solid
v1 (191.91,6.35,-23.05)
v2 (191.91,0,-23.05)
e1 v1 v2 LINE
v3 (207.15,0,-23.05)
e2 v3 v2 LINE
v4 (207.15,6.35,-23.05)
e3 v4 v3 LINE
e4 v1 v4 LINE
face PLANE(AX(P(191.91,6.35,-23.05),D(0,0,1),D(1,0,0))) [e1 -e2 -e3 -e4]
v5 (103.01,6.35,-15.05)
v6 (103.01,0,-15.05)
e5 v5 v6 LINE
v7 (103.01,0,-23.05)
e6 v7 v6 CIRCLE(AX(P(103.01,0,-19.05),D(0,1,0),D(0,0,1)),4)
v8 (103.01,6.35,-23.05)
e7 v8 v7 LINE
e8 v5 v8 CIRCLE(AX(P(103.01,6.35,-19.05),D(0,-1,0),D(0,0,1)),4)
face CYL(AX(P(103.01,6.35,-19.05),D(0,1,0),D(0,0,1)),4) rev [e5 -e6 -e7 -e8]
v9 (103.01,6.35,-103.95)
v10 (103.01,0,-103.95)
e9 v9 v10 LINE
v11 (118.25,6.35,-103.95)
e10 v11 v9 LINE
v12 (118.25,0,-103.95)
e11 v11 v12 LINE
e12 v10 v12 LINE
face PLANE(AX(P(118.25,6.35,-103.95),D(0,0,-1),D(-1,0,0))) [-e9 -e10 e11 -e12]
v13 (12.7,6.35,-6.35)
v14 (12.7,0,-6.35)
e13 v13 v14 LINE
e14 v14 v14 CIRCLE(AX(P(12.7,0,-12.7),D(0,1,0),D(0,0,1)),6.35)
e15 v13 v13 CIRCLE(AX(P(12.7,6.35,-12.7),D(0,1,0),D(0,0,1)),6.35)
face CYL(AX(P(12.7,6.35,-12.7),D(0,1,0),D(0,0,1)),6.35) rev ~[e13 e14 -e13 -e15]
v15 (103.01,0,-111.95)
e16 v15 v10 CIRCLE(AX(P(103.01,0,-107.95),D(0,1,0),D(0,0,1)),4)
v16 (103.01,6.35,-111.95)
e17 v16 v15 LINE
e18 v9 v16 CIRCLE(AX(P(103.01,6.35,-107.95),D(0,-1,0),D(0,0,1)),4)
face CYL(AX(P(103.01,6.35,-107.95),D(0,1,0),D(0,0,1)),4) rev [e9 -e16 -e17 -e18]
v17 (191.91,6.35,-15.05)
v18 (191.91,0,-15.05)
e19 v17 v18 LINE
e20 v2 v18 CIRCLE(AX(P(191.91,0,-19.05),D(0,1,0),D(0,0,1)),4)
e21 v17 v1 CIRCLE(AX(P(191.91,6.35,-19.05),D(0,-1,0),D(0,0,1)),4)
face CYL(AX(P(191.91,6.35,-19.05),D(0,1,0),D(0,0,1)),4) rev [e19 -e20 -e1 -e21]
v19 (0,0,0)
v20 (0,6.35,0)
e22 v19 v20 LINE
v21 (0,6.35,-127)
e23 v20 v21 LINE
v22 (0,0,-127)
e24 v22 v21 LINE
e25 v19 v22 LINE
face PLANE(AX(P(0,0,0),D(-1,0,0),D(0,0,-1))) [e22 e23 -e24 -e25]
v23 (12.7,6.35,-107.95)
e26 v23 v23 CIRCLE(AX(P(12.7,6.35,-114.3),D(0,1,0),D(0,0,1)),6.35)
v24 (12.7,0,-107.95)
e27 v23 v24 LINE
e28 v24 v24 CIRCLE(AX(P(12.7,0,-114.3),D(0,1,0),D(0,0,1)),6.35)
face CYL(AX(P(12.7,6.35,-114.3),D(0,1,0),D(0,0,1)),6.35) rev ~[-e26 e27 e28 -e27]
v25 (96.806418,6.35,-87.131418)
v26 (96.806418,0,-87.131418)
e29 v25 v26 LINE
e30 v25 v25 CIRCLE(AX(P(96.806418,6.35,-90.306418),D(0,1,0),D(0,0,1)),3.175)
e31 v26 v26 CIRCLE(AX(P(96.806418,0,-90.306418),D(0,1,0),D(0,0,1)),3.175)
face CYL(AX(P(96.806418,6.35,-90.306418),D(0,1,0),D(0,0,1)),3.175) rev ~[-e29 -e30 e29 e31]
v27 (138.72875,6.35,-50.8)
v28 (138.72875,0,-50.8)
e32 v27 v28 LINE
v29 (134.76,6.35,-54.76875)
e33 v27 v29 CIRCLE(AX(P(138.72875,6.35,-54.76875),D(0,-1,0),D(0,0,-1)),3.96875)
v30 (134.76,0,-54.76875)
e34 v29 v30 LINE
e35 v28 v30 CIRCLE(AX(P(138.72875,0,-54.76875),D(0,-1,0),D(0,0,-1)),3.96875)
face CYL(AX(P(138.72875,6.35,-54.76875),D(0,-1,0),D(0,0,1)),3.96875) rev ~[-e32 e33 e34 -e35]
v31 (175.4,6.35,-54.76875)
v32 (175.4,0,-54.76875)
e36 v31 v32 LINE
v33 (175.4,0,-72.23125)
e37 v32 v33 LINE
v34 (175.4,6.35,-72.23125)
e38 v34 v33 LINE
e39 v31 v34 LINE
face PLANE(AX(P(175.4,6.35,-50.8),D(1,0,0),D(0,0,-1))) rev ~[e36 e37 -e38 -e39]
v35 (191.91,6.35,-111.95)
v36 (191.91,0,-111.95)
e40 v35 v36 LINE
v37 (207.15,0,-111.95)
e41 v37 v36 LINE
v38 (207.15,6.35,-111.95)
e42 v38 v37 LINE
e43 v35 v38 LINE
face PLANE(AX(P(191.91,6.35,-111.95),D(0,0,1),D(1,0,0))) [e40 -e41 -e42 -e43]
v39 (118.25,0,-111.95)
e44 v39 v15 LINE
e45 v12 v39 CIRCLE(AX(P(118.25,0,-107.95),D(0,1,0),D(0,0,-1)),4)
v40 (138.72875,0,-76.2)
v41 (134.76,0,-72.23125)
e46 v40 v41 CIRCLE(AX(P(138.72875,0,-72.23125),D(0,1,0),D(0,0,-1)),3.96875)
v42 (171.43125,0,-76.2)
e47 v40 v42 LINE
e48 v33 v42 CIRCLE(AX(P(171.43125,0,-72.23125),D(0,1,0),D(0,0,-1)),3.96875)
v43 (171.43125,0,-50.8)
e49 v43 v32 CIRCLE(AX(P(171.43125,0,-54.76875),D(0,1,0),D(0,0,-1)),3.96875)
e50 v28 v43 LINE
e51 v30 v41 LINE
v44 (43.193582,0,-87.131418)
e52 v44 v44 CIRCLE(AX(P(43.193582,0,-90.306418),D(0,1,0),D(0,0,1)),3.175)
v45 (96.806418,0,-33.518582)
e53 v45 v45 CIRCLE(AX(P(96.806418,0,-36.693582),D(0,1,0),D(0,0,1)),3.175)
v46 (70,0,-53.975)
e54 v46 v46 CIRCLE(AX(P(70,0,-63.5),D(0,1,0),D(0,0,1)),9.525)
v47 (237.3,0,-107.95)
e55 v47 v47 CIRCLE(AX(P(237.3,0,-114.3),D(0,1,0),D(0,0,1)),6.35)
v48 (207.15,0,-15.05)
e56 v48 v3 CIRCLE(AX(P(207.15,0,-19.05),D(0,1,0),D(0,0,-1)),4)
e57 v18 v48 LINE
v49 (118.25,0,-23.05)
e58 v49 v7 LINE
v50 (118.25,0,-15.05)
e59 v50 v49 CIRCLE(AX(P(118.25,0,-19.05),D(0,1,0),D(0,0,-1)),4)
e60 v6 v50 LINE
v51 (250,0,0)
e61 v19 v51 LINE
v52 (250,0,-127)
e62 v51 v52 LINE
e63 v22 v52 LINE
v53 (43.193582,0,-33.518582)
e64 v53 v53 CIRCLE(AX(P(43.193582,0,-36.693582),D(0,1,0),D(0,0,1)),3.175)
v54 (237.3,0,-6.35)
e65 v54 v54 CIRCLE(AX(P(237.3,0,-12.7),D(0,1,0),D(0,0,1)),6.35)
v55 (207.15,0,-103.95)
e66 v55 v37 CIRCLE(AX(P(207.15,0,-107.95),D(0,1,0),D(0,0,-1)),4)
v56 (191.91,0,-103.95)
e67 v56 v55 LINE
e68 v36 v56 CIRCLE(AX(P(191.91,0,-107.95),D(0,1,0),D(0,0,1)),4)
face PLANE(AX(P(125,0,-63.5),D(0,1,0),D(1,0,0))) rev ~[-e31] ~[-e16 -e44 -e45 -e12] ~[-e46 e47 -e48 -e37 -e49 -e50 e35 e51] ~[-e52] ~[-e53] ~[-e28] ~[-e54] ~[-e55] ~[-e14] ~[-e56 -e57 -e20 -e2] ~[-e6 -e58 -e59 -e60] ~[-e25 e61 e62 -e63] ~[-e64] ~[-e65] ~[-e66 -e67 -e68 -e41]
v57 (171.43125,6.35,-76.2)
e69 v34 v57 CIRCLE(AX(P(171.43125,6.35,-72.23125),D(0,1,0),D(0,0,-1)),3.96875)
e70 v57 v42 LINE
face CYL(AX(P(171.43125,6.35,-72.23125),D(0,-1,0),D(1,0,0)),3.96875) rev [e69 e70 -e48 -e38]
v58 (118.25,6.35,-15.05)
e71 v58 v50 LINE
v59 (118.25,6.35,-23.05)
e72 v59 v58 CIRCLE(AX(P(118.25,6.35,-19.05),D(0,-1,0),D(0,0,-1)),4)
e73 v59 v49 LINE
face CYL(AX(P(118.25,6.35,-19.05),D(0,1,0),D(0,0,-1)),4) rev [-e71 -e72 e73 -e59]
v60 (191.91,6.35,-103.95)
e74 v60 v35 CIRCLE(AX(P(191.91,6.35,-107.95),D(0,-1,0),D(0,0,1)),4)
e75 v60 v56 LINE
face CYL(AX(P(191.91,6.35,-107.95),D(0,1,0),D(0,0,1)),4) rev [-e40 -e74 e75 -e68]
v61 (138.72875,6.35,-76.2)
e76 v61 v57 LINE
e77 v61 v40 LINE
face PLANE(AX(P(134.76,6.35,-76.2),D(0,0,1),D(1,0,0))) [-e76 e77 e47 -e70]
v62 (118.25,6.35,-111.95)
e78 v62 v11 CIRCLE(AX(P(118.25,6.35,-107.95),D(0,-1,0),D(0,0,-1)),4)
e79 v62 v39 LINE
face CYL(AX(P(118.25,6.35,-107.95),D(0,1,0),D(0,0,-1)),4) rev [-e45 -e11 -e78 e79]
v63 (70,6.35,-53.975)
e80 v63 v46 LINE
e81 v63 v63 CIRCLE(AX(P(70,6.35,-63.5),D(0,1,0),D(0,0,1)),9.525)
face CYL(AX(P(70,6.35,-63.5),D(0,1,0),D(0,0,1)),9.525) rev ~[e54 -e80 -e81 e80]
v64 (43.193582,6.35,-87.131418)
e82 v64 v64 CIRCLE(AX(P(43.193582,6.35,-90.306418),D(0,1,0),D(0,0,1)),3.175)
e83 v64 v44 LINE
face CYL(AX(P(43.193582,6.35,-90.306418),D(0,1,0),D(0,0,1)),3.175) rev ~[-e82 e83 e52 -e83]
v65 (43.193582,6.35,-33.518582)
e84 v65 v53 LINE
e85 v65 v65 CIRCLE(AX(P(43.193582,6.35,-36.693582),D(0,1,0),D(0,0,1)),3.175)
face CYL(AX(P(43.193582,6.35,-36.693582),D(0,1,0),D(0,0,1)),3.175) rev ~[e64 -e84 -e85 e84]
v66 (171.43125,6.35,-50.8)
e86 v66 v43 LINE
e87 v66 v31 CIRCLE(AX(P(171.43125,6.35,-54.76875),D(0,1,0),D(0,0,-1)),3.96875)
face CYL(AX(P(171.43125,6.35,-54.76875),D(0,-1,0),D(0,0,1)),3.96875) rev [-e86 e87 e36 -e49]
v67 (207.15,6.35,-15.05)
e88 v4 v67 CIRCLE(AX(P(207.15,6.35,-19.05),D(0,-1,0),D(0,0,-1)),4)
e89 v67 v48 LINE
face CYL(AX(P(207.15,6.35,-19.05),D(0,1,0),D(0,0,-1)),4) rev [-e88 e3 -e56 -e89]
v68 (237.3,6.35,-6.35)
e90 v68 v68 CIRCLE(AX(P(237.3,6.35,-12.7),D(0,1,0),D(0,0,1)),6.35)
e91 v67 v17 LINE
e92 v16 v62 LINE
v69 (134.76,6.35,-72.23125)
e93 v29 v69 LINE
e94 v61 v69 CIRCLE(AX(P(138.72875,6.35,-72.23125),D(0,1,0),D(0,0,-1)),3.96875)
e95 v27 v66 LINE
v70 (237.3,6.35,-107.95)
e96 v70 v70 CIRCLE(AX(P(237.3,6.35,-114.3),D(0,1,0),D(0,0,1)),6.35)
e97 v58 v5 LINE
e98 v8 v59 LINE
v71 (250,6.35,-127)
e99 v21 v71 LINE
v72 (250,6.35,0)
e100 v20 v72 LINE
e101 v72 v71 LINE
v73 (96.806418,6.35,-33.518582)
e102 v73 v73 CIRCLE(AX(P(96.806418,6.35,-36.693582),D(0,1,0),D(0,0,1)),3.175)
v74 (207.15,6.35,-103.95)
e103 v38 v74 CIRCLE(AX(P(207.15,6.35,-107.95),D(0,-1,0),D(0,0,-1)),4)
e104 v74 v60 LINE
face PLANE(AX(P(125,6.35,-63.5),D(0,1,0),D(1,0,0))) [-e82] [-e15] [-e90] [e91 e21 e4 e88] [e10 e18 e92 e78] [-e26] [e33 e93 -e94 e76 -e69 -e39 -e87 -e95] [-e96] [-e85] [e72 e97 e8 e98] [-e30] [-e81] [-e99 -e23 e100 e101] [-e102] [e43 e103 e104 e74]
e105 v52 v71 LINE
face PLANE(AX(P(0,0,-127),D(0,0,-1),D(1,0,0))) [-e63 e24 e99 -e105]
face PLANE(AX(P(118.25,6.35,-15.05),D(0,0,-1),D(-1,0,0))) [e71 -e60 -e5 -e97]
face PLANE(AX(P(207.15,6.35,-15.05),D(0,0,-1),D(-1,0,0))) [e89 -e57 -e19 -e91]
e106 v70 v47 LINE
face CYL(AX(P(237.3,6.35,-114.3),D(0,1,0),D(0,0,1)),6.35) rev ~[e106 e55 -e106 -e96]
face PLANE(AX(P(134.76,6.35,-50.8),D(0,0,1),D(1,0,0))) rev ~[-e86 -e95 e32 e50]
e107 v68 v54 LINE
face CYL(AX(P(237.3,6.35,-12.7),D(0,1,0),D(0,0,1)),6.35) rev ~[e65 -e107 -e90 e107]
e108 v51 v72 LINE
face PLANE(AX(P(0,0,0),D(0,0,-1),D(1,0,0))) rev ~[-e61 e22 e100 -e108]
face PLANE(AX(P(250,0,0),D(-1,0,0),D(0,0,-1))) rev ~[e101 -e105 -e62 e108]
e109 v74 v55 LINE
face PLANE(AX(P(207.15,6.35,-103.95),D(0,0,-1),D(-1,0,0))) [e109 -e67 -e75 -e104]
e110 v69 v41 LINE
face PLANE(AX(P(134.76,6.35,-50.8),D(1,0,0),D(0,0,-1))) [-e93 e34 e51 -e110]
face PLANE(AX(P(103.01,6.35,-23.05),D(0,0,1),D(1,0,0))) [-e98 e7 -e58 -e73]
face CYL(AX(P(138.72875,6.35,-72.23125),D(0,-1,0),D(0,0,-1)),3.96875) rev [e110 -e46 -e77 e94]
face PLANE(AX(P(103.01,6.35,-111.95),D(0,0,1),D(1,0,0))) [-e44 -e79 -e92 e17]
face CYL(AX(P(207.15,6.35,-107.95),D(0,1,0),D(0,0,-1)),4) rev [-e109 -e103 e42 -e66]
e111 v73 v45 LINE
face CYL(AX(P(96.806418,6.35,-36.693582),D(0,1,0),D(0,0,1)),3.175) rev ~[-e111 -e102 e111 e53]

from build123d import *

# Parameters (mm, degrees)
SKETCH1_W           = 250
SKETCH1_H           = 127
BOSS_EXTRUDE1_DEPTH = 6.35
SKETCH2_R           = 6.35
SKETCH2_R_2         = 3.175
SKETCH2_R_3         = 9.525
SKETCH2_R_4         = 4
SKETCH2_R_5         = 12.5
CUT_EXTRUDE1_DEPTH  = 281.480520714
CUT_EXTRUDE2_DEPTH  = 281.480520714
SKETCH9_W           = 40.64
SKETCH9_H           = 25.4
CUT_EXTRUDE3_DEPTH  = 281.480520714
FILLET1_R           = 3.96875


with BuildPart() as part:
    # Sketch1 → Boss-Extrude1 (new body)
    with BuildSketch(Plane(origin=(0, 0, 0), x_dir=(1, 0, 0), z_dir=(0, 1, 0))):
        with Locations((125, 63.5)):
            Rectangle(SKETCH1_W, SKETCH1_H)
    extrude(amount=BOSS_EXTRUDE1_DEPTH)

    # Sketch2 → Cut-Extrude1 (cut, through all)
    with BuildSketch(Plane(origin=(0, 6.35, 0), x_dir=(1, 0, 0), z_dir=(0, 1, 0))):
        with Locations(Location((237.3, 12.7, 0), (0, 0, 270))):
            Circle(SKETCH2_R)
        with Locations(Location((237.3, 114.3, 0), (0, 0, 270))):
            Circle(SKETCH2_R)
        with Locations(Location((12.7, 12.7, 0), (0, 0, 270))):
            Circle(SKETCH2_R)
        with Locations(Location((12.7, 114.3, 0), (0, 0, 270))):
            Circle(SKETCH2_R)
        with Locations(Location((43.193581925, 36.693581925, 0), (0, 0, 270))):
            Circle(SKETCH2_R_2)
        with Locations(Location((96.806418075, 36.693581925, 0), (0, 0, 270))):
            Circle(SKETCH2_R_2)
        with Locations(Location((96.806418075, 90.306418075, 0), (0, 0, 270))):
            Circle(SKETCH2_R_2)
        with Locations(Location((43.193581925, 90.306418075, 0), (0, 0, 270))):
            Circle(SKETCH2_R_2)
        with Locations(Location((70, 63.5, 0), (0, 0, 270))):
            Circle(SKETCH2_R_3)
        with Locations(Location((105.55, 19.05, 0), (0, 0, 270))):
            Circle(SKETCH2_R_4)
        with Locations(Location((194.45, 19.05, 0), (0, 0, 270))):
            Circle(SKETCH2_R_4)
        with Locations(Location((194.45, 107.95, 0), (0, 0, 270))):
            Circle(SKETCH2_R_4)
        with Locations(Location((105.55, 107.95, 0), (0, 0, 270))):
            Circle(SKETCH2_R_4)
        with Locations(Location((150, 63.5, 0), (0, 0, 270))):
            Circle(SKETCH2_R_5)
    extrude(amount=-CUT_EXTRUDE1_DEPTH, mode=Mode.SUBTRACT)

    # Sketch8 → Cut-Extrude2 (cut, through all)
    with BuildSketch(Plane(origin=(0, 6.35, 0), x_dir=(1, 0, 0), z_dir=(0, 1, 0))):
        with BuildLine():
            Line((103.01, 111.95), (118.25, 111.95))
            ThreePointArc((118.25, 111.95), (122.25, 107.95), (118.25, 103.95))
            Line((118.25, 103.95), (103.01, 103.95))
            ThreePointArc((103.01, 103.95), (99.01, 107.95), (103.01, 111.95))
        make_face()
        with BuildLine():
            Line((191.91, 111.95), (207.15, 111.95))
            ThreePointArc((207.15, 111.95), (211.15, 107.95), (207.15, 103.95))
            Line((207.15, 103.95), (191.91, 103.95))
            ThreePointArc((191.91, 103.95), (187.91, 107.95), (191.91, 111.95))
        make_face()
        with BuildLine():
            Line((103.01, 23.05), (118.25, 23.05))
            ThreePointArc((118.25, 23.05), (122.25, 19.05), (118.25, 15.05))
            Line((118.25, 15.05), (103.01, 15.05))
            ThreePointArc((103.01, 15.05), (99.01, 19.05), (103.01, 23.05))
        make_face()
        with BuildLine():
            Line((191.91, 23.05), (207.15, 23.05))
            ThreePointArc((207.15, 23.05), (211.15, 19.05), (207.15, 15.05))
            Line((207.15, 15.05), (191.91, 15.05))
            ThreePointArc((191.91, 15.05), (187.91, 19.05), (191.91, 23.05))
        make_face()
    extrude(amount=-CUT_EXTRUDE2_DEPTH, mode=Mode.SUBTRACT)

    # Sketch9 → Cut-Extrude3 (cut, through all)
    with BuildSketch(Plane(origin=(0, 6.35, 0), x_dir=(1, 0, 0), z_dir=(0, 1, 0))):
        with Locations((155.08, 63.5)):
            Rectangle(SKETCH9_W, SKETCH9_H)
    extrude(amount=-CUT_EXTRUDE3_DEPTH, mode=Mode.SUBTRACT)

    # Fillet1
    fillet1_edges = [part.edges().sort_by_distance(p)[0] for p in [
        (134.76, 3.175, -50.8),
        (134.76, 3.175, -76.2),
        (175.4, 3.175, -76.2),
        (175.4, 3.175, -50.8),
    ]]
    fillet(fillet1_edges, radius=FILLET1_R)


solid = part.part
